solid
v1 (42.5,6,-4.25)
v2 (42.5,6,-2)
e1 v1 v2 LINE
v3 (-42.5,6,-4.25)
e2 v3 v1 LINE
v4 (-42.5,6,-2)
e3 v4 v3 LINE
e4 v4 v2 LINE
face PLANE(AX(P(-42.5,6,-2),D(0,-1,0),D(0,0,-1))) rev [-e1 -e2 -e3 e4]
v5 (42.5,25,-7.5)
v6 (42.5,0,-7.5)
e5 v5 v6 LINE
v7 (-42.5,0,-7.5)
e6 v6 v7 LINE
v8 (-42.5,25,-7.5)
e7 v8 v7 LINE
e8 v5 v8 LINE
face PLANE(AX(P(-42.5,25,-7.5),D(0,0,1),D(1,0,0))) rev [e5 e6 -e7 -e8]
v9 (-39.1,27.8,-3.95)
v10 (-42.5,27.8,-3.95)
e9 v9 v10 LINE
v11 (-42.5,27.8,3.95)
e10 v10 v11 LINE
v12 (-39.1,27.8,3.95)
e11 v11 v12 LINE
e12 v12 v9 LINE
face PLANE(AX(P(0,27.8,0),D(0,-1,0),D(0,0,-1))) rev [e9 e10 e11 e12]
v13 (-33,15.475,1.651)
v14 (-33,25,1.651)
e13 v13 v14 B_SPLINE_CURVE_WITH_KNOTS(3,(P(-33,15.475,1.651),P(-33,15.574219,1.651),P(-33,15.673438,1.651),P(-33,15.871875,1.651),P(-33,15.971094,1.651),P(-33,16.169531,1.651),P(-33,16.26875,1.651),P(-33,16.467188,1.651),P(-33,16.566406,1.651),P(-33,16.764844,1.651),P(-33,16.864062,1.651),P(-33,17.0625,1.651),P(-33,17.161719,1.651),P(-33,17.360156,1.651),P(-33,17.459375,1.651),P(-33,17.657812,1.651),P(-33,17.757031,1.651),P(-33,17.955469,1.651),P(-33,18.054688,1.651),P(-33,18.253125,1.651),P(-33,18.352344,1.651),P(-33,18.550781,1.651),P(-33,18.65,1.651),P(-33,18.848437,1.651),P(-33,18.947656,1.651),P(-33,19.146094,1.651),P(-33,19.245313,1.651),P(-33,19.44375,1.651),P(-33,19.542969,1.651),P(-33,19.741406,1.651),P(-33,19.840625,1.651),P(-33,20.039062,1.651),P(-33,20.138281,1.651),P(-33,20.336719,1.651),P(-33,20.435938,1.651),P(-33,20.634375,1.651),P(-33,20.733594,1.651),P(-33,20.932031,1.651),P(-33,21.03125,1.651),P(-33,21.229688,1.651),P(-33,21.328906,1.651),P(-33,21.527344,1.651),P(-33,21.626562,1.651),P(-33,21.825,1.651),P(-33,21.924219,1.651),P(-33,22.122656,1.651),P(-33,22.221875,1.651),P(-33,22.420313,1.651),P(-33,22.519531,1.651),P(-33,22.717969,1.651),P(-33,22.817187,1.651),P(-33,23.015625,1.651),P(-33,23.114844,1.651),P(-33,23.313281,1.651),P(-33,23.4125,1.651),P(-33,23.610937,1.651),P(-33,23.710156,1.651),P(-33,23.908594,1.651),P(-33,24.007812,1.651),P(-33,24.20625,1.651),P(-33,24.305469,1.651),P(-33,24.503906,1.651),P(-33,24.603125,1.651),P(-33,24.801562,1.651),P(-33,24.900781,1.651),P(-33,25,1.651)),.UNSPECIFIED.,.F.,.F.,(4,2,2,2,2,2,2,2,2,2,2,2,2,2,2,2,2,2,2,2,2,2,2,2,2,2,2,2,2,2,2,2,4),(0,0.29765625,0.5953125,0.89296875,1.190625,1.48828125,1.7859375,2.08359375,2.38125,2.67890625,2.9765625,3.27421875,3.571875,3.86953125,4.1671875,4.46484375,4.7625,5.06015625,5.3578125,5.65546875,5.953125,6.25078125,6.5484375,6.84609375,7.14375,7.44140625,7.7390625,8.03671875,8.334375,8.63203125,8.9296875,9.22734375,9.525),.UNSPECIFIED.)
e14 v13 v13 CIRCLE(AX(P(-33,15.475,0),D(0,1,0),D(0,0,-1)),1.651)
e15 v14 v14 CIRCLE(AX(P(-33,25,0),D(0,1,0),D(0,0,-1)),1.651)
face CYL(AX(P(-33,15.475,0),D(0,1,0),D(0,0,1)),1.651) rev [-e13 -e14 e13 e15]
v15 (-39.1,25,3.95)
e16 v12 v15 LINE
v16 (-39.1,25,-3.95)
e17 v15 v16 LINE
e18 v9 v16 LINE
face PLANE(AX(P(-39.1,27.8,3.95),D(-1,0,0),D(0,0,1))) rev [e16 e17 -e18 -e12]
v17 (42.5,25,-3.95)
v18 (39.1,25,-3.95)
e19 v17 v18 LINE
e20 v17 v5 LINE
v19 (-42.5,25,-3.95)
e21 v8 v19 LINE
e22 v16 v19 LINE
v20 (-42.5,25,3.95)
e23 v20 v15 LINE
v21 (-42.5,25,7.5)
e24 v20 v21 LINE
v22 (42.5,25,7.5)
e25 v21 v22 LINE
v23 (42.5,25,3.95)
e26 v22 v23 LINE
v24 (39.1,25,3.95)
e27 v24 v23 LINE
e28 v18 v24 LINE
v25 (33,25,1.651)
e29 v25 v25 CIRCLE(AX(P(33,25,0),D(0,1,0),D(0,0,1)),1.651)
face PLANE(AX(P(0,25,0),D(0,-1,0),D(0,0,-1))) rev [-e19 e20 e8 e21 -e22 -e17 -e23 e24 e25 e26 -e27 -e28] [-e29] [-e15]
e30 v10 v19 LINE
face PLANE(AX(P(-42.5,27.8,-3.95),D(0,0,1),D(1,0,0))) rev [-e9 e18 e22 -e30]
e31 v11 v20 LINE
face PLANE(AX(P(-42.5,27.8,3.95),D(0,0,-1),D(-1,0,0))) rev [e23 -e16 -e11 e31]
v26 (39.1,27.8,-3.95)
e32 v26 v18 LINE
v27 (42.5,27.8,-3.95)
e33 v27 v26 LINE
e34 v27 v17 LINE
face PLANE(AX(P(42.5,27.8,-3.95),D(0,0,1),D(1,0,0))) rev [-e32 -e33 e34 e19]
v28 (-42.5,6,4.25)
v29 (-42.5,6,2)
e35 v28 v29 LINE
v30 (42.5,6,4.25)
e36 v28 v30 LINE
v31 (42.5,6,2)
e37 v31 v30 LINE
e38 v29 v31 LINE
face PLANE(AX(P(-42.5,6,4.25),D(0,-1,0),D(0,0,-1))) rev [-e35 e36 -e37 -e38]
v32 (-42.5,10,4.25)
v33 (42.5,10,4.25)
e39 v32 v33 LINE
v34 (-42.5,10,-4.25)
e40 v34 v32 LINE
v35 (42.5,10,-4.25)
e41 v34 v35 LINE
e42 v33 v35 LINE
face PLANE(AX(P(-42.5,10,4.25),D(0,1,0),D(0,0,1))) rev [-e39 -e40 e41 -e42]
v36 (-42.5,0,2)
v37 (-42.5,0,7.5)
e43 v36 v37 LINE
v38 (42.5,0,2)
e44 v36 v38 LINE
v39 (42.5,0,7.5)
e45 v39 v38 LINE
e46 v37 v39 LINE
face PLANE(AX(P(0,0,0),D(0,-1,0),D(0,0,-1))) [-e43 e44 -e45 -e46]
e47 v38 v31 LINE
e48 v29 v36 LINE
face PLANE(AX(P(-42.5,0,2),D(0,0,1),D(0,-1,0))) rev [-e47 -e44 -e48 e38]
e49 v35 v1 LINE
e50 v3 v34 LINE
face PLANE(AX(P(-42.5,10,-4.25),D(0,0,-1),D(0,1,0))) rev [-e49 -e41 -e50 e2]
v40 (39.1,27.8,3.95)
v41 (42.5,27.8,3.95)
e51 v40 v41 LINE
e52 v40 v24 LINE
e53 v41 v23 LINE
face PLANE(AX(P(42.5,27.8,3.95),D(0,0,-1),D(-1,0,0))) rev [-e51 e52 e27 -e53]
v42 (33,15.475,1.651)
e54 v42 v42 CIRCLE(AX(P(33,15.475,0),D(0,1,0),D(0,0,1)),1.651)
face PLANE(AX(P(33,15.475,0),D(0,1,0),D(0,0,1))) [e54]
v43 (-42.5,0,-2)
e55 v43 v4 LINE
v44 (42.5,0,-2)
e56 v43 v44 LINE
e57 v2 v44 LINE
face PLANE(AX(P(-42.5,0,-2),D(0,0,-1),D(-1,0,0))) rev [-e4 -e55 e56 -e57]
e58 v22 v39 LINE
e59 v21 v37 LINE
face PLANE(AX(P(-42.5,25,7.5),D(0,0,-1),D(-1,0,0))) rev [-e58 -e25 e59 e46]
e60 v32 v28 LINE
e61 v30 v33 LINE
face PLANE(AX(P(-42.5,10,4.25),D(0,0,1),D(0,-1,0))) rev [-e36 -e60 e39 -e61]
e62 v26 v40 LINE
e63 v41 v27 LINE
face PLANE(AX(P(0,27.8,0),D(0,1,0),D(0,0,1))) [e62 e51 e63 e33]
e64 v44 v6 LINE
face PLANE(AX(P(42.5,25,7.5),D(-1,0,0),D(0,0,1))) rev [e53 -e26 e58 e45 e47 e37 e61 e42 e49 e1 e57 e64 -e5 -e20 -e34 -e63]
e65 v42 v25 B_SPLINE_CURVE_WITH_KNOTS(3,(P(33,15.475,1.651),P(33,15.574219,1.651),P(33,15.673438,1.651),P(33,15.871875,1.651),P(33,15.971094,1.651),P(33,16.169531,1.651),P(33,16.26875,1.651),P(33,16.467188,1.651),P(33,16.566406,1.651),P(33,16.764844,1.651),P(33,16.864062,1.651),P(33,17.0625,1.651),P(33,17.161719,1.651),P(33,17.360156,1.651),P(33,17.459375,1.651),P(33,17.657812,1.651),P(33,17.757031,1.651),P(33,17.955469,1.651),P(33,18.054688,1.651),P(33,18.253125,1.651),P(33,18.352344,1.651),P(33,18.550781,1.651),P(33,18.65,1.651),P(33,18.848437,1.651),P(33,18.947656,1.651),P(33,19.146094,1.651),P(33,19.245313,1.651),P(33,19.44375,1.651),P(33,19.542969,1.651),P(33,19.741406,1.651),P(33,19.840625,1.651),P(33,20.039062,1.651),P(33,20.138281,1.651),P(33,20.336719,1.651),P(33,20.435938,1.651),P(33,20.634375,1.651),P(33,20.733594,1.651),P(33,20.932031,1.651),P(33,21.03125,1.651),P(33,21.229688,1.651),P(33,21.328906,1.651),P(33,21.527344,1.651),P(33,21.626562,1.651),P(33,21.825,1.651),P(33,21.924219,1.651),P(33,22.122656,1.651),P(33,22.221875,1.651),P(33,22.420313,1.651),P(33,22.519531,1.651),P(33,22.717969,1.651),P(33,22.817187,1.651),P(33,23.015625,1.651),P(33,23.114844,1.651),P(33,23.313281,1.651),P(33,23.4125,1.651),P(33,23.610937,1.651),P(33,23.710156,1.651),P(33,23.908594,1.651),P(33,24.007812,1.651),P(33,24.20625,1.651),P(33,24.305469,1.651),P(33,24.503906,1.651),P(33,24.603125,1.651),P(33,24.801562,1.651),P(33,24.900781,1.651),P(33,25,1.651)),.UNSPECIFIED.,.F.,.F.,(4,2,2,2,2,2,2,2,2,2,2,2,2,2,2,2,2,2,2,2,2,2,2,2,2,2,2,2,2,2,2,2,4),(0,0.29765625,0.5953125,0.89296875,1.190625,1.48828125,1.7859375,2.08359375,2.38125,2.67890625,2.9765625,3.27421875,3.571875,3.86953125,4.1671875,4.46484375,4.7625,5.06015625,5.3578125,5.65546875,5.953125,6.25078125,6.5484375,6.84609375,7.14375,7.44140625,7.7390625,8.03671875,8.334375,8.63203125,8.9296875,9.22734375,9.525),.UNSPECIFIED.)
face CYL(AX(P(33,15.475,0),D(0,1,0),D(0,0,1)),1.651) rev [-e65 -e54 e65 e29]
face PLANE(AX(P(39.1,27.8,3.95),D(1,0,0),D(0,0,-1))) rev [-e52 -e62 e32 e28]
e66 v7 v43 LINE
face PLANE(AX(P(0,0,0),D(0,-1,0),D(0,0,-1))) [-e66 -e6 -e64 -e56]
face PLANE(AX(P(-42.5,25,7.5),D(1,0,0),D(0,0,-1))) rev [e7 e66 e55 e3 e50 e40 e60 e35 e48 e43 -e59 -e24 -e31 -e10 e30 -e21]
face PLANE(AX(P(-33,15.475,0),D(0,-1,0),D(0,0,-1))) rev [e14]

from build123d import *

# Parameters (mm, degrees)
SKETCH1_W               = 85
SKETCH1_H               = 15
BOSS_EXTRUDE1_DEPTH     = 25
SKETCH2_W               = 3.4
SKETCH2_H               = 7.9
BOSS_EXTRUDE2_DEPTH     = 2.8
CUT_EXTRUDE2_DEPTH      = 90.744582009
CUT_EXTRUDE2_DEPTH_BACK = 90.744582009
SKETCH5_R               = 1.651
CUT_EXTRUDE3_DEPTH      = 9.525


with BuildPart() as part:
    # Sketch1 → Boss-Extrude1 (new body)
    with BuildSketch(Plane(origin=(0, 0, 0), x_dir=(1, 0, 0), z_dir=(0, 1, 0))):
        Rectangle(SKETCH1_W, SKETCH1_H)
    extrude(amount=BOSS_EXTRUDE1_DEPTH)

    # Sketch2 → Boss-Extrude2 (add)
    with BuildSketch(Plane(origin=(0, 25, 0), x_dir=(1, 0, 0), z_dir=(0, 1, 0))):
        with Locations((-40.8, 0)):
            Rectangle(SKETCH2_W, SKETCH2_H)
        with Locations((40.8, 0)):
            Rectangle(SKETCH2_W, SKETCH2_H)
    extrude(amount=BOSS_EXTRUDE2_DEPTH)

    # Sketch3 → Cut-Extrude2 (cut, two sides: drawn at the far end of the back side and taken through both)
    with BuildSketch(Plane(origin=(42.5, 0, 0), x_dir=(0, 0, -1), z_dir=(1, 0, 0)).offset(-CUT_EXTRUDE2_DEPTH_BACK)):
        Polygon((-2, 0), (2, 0), (2, 6), (4.25, 6), (4.25, 10), (-4.25, 10), (-4.25, 6), (-2, 6), align=None)
    extrude(amount=CUT_EXTRUDE2_DEPTH + CUT_EXTRUDE2_DEPTH_BACK, mode=Mode.SUBTRACT)

    # Sketch5 → Cut-Extrude3 (cut)
    with BuildSketch(Plane(origin=(0, 25, 0), x_dir=(1, 0, 0), z_dir=(0, 1, 0))):
        with Locations(Location((33, 0, 0), (0, 0, 270))):
            Circle(SKETCH5_R)
        with Locations(Location((-33, 0, 0), (0, 0, 270))):
            Circle(SKETCH5_R)
    extrude(amount=-CUT_EXTRUDE3_DEPTH, mode=Mode.SUBTRACT)


solid = part.part
